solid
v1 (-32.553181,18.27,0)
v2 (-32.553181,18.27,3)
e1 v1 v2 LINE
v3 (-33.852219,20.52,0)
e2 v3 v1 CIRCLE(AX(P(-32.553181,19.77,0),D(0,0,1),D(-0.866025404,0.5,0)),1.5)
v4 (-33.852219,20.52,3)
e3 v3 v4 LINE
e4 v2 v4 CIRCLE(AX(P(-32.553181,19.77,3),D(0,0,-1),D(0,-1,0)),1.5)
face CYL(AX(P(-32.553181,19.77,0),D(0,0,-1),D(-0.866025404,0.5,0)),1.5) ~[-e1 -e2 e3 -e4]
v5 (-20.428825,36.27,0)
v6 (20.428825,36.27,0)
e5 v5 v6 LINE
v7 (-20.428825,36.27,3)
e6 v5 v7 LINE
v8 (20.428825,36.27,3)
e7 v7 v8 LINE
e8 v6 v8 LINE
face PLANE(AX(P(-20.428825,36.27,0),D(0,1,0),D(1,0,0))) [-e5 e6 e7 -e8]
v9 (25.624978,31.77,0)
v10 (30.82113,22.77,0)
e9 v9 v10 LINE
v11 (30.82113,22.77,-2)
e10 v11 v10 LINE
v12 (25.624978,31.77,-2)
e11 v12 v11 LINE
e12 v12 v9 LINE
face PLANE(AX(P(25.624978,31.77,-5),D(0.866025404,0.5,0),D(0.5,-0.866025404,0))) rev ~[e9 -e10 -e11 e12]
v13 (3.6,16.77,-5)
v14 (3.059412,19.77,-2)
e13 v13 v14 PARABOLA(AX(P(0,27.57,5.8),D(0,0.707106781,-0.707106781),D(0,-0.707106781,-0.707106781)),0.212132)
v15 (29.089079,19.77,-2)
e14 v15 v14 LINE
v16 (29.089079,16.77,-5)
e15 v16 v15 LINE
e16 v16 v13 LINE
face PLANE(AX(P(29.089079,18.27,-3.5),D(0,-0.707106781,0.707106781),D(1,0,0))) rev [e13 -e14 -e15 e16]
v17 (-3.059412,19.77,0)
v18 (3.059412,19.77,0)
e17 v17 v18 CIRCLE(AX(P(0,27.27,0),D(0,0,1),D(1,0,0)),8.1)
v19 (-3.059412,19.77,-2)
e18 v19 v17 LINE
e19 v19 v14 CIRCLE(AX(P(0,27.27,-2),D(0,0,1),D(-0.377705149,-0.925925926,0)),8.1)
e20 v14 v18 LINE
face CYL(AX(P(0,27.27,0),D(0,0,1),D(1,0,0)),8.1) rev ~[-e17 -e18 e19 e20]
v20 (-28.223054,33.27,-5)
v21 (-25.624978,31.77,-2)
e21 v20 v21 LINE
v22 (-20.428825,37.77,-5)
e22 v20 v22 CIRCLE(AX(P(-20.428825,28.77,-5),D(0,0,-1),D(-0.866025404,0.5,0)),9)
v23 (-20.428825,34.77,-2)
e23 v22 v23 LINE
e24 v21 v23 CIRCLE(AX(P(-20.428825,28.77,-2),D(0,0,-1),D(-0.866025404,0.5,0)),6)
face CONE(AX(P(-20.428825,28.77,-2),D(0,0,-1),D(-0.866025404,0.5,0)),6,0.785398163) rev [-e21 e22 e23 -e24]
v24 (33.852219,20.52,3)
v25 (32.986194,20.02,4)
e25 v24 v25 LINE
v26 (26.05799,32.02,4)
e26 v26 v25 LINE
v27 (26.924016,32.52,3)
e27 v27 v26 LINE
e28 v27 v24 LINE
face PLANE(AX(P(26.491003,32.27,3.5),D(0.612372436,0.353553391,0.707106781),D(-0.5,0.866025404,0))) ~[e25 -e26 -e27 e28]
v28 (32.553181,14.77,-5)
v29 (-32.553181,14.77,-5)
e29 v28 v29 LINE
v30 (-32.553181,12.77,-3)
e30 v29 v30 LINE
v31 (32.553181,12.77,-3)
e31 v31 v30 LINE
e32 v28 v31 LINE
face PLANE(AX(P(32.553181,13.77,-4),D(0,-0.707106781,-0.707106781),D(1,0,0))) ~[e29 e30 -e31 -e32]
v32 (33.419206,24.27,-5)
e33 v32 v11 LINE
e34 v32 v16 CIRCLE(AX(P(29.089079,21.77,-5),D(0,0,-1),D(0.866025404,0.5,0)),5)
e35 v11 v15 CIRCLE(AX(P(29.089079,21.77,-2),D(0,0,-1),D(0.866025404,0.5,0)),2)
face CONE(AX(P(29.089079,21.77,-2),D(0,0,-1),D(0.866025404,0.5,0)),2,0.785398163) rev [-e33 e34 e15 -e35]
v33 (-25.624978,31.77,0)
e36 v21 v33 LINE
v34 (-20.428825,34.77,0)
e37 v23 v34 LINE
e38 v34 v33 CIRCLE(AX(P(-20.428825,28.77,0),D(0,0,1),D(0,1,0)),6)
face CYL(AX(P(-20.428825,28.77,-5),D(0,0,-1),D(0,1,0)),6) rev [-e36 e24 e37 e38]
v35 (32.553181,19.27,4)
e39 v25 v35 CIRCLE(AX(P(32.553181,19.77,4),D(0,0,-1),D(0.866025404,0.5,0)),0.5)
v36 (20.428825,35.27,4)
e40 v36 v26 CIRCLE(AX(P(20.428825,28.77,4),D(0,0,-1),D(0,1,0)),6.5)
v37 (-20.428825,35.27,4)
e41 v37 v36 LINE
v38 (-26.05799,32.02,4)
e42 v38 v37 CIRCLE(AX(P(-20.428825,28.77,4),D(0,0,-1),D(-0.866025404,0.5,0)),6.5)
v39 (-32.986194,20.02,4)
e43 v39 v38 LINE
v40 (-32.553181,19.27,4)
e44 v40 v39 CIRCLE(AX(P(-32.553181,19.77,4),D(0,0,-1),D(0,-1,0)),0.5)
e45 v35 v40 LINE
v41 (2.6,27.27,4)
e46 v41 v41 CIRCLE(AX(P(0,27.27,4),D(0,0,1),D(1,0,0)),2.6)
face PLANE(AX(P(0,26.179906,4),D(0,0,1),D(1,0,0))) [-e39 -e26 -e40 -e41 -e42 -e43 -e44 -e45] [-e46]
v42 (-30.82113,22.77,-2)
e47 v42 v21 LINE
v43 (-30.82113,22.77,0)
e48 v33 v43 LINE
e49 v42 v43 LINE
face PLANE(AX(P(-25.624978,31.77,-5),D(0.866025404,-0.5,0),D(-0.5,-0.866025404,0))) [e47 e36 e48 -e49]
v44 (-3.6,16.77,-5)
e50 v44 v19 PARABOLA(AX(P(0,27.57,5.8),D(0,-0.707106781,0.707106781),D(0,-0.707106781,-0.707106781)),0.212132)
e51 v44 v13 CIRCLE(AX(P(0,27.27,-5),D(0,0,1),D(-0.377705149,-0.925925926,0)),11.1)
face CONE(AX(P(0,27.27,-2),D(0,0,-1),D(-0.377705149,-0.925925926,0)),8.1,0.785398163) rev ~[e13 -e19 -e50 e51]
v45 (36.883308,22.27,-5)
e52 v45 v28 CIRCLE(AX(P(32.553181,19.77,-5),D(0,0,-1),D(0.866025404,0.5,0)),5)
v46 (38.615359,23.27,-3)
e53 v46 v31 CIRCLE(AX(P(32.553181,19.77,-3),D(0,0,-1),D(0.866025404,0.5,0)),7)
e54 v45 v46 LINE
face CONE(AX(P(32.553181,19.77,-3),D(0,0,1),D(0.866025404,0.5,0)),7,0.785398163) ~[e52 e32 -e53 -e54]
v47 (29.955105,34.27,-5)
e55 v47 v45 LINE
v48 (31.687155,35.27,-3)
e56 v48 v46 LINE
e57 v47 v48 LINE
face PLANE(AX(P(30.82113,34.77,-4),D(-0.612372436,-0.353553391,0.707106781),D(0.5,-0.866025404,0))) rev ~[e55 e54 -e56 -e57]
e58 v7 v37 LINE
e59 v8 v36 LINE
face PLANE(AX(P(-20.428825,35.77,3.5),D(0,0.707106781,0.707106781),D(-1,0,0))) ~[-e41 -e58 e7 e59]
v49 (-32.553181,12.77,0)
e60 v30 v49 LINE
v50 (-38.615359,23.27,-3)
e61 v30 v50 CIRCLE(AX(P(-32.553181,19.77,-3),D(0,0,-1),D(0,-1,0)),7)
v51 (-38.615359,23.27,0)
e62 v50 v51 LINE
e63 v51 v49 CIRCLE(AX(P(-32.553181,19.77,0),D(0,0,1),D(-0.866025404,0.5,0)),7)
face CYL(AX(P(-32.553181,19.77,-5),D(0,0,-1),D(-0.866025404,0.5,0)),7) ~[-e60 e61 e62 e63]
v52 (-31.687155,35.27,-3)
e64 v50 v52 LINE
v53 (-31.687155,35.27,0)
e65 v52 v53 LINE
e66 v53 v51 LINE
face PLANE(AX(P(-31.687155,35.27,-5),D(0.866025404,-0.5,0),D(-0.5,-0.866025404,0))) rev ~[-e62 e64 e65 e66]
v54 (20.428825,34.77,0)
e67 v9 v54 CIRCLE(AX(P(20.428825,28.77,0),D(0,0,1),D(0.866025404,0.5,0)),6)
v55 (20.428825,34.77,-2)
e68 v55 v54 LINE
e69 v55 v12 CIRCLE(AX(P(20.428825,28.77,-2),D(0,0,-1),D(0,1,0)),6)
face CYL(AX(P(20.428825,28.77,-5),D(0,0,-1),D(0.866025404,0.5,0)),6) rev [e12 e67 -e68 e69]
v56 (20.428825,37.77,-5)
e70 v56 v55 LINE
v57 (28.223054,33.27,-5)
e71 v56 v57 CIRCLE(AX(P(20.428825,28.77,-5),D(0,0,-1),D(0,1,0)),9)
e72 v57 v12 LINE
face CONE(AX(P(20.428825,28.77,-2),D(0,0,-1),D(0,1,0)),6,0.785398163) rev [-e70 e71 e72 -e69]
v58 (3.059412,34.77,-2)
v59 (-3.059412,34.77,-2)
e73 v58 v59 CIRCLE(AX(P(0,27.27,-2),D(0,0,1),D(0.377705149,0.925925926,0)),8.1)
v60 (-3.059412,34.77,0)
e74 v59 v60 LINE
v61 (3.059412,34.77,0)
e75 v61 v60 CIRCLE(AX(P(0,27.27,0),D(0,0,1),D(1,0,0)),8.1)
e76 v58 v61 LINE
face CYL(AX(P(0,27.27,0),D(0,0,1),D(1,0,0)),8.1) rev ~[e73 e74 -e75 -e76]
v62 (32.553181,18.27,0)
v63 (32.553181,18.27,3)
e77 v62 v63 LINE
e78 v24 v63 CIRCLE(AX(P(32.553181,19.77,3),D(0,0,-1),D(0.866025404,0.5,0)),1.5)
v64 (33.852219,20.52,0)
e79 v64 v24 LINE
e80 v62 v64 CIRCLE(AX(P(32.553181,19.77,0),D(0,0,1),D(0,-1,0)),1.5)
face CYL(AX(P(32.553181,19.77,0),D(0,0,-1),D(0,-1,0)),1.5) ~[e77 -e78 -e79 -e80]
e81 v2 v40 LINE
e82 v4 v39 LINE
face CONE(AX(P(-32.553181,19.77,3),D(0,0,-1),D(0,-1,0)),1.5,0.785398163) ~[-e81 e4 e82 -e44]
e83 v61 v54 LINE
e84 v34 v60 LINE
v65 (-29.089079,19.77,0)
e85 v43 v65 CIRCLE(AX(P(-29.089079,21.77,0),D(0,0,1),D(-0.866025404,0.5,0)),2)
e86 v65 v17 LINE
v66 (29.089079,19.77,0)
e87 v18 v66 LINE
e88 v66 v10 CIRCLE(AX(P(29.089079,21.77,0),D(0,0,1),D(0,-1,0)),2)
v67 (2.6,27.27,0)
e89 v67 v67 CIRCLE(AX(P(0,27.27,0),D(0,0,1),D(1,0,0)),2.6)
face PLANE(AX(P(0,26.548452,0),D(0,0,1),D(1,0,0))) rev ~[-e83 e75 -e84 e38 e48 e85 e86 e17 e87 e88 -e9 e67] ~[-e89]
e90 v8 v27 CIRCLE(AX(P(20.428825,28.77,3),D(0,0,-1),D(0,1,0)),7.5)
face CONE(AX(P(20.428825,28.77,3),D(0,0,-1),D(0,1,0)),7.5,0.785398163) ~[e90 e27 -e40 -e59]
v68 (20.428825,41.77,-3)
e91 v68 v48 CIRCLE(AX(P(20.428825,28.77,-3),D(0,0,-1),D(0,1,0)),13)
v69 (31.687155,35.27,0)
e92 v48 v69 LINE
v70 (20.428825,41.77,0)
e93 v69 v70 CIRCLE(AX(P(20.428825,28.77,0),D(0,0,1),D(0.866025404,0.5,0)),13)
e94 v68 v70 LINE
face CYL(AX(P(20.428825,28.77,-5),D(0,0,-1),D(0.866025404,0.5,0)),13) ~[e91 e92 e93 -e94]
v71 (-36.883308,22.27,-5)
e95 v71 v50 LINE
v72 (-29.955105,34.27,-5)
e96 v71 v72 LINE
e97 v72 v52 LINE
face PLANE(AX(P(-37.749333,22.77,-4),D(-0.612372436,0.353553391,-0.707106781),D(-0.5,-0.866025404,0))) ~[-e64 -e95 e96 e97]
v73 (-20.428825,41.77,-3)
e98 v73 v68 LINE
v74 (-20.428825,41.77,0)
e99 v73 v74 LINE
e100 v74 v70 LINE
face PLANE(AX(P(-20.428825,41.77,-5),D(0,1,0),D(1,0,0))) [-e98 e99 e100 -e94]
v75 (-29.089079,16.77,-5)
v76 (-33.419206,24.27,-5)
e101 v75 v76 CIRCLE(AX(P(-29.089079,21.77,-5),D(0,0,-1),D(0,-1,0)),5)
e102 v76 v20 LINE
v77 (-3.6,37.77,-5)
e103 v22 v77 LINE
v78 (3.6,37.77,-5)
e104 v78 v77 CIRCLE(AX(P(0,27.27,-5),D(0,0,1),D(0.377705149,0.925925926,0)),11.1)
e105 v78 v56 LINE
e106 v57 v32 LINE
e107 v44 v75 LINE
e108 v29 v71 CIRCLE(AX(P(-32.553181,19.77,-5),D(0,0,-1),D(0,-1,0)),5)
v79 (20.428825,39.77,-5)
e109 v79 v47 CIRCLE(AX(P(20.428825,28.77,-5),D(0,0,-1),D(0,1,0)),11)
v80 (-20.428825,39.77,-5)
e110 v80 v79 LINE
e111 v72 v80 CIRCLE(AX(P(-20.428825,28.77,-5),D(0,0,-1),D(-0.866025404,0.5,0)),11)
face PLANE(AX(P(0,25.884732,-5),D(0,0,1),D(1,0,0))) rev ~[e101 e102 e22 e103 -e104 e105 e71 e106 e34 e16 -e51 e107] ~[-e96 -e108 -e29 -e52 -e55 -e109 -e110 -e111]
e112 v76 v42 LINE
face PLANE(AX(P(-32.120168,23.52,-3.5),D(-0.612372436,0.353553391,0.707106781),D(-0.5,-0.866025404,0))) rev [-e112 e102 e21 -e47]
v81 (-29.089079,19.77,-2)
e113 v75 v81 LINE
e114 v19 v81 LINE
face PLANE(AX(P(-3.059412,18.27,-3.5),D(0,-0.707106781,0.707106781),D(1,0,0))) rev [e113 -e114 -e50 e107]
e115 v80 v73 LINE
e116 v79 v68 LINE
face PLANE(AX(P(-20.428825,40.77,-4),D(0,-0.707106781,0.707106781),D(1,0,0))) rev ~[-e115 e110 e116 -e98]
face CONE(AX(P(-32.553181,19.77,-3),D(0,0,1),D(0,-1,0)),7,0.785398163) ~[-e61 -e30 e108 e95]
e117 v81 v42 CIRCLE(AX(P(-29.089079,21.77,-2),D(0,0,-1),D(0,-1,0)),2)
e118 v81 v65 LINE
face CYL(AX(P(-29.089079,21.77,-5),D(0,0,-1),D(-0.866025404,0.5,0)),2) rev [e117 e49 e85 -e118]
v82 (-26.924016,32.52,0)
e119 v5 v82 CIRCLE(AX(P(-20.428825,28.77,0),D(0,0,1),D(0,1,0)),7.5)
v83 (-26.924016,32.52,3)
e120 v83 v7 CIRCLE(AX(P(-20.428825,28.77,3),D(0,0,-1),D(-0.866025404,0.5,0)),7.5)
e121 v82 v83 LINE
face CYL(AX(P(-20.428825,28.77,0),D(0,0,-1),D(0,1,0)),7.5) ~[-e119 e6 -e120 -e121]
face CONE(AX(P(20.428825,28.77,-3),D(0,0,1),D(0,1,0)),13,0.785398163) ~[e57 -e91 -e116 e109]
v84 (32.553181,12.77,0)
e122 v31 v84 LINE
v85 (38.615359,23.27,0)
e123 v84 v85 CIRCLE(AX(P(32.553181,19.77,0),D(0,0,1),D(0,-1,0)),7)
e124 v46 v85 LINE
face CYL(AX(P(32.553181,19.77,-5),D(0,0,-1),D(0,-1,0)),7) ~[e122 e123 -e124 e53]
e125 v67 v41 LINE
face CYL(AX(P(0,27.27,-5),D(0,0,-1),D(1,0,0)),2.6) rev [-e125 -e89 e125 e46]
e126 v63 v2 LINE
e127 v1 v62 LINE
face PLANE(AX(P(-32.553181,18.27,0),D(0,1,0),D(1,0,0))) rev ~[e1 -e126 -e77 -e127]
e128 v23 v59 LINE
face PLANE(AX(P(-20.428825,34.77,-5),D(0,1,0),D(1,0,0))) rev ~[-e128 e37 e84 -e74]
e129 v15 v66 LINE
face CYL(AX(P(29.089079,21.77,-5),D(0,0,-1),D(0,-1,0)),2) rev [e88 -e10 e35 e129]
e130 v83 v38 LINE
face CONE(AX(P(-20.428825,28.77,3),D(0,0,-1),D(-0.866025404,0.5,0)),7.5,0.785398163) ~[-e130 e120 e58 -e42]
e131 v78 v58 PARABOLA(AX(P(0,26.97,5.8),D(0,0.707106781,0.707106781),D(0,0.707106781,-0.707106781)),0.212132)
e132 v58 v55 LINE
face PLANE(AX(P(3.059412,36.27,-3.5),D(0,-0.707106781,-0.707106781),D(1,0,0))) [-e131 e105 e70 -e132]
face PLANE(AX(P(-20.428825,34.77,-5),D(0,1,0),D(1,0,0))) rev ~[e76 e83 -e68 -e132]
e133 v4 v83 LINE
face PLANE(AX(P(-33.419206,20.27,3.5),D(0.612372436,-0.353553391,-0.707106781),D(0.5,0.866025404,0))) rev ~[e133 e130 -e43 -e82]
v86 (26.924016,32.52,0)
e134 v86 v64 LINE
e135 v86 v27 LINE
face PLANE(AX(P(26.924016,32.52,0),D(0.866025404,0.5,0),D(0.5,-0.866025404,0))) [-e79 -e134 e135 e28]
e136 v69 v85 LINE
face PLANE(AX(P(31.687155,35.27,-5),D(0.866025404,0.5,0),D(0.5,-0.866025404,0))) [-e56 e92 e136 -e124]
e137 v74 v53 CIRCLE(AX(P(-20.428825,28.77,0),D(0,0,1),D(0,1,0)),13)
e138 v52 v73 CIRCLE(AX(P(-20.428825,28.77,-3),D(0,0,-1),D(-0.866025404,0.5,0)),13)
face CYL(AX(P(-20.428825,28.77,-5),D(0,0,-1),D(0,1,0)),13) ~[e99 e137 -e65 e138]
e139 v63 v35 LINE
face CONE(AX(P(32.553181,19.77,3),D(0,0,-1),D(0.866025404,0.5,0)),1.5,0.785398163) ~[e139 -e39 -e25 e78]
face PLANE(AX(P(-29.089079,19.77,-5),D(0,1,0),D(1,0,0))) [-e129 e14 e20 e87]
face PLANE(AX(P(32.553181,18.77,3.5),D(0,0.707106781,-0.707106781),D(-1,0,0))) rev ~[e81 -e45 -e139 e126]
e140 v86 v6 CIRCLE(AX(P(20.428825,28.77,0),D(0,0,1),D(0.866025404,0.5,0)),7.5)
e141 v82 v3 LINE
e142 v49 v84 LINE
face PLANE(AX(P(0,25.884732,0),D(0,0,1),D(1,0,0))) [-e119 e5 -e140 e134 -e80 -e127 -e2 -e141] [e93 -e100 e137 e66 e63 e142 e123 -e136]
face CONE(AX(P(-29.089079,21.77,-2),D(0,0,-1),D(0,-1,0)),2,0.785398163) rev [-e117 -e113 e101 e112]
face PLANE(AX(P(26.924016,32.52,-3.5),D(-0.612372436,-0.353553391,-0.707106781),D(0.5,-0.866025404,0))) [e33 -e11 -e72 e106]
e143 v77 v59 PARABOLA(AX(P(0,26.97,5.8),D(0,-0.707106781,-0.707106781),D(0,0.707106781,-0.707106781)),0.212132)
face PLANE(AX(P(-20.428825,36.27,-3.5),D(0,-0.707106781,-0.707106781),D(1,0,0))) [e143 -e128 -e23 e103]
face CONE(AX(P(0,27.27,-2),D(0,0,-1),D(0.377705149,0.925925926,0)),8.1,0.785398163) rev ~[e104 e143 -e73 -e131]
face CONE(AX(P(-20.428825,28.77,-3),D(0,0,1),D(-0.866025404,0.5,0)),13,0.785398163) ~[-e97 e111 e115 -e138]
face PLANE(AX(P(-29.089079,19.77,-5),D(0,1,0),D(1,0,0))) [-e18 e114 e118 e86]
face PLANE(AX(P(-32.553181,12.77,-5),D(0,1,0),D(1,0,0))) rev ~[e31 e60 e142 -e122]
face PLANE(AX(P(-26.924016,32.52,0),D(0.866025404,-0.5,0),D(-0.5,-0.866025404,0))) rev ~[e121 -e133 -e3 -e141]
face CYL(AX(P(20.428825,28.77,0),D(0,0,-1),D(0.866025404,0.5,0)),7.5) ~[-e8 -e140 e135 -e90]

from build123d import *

# Parameters (mm, degrees)
SKETCH178_R     = 2.6
PAD045_DEPTH    = 4
SKETCH180_R     = 2.6
PAD046_DEPTH    = 5
SKETCH179_R     = 2.6
POCKET098_DEPTH = 5
SKETCH194_R     = 8.1
POCKET109_DEPTH = 8
CHAMFER075_SIZE = 3
CHAMFER076_SIZE = 2
CHAMFER077_SIZE = 1


with BuildPart() as part:
    # Sketch178 → Pad045 (new body)
    with BuildSketch(Plane.XY):
        with BuildLine():
            Line((-32.5531808711, 18.27), (32.5531808711, 18.27))
            ThreePointArc((32.5531808711, 18.27), (33.8522189768, 19.02), (33.8522189768, 20.52))
            Line((26.9240157465, 32.52), (33.8522189768, 20.52))
            ThreePointArc((26.9240157465, 32.52), (24.1788252181, 35.2651905284), (20.4288252181, 36.27))
            Line((-20.4288252181, 36.27), (20.4288252181, 36.27))
            ThreePointArc((-20.4288252181, 36.27), (-24.1788252181, 35.2651905284), (-26.9240157465, 32.52))
            Line((-26.9240157465, 32.52), (-33.8522189768, 20.52))
            ThreePointArc((-33.8522189768, 20.52), (-33.8522189768, 19.02), (-32.5531808711, 18.27))
        make_face()
        with Locations((0, 27.27)):
            Circle(SKETCH178_R, mode=Mode.SUBTRACT)
    extrude(amount=PAD045_DEPTH)

    # Sketch180 → Pad046 (join)
    with BuildSketch(Plane.XY.offset(-5)):
        with BuildLine():
            Line((-32.5531808711, 12.77), (32.5531808711, 12.77))
            ThreePointArc((32.5531808711, 12.77), (38.6153586976, 16.27), (38.6153586976, 23.27))
            Line((31.6871554673, 35.27), (38.6153586976, 23.27))
            ThreePointArc((31.6871554673, 35.27), (26.9288252181, 40.0283302492), (20.4288252181, 41.77))
            Line((-20.4288252181, 41.77), (20.4288252181, 41.77))
            ThreePointArc((-20.4288252181, 41.77), (-26.9288252181, 40.0283302492), (-31.6871554673, 35.27))
            Line((-31.6871554673, 35.27), (-38.6153586976, 23.27))
            ThreePointArc((-38.6153586976, 23.27), (-38.6153586976, 16.27), (-32.5531808711, 12.77))
        make_face()
        with Locations((0, 27.27)):
            Circle(SKETCH180_R, mode=Mode.SUBTRACT)
    extrude(amount=PAD046_DEPTH)

    # Sketch179 → Pocket098 (cut)
    with BuildSketch(Plane.XY.offset(-5)):
        with BuildLine():
            Line((-29.0890792559, 19.77), (29.0890792559, 19.77))
            ThreePointArc((29.0890792559, 19.77), (30.8211300635, 20.77), (30.8211300635, 22.77))
            Line((25.6249776408, 31.77), (30.8211300635, 22.77))
            ThreePointArc((25.6249776408, 31.77), (23.4288252181, 33.9661524227), (20.4288252181, 34.77))
            Line((-20.4288252181, 34.77), (20.4288252181, 34.77))
            ThreePointArc((-20.4288252181, 34.77), (-23.4288252181, 33.9661524227), (-25.6249776408, 31.77))
            Line((-25.6249776408, 31.77), (-30.8211300635, 22.77))
            ThreePointArc((-30.8211300635, 22.77), (-30.8211300635, 20.77), (-29.0890792559, 19.77))
        make_face()
        with Locations((0, 27.27)):
            Circle(SKETCH179_R, mode=Mode.SUBTRACT)
    extrude(amount=POCKET098_DEPTH, mode=Mode.SUBTRACT)

    # Sketch194 → Pocket109 (cut)
    with BuildSketch(Plane.XY):
        with Locations((0, 27.27)):
            Circle(SKETCH194_R)
    extrude(amount=-POCKET109_DEPTH, mode=Mode.SUBTRACT)

    # Chamfer075
    chamfer075_edges = [part.edges().sort_by_distance(p)[0] for p in [
        (0, 35.37, -5),
        (-11.744118, 34.77, -5),
        (11.744118, 34.77, -5),
        (-23.428825, 33.966152, -5),
        (-28.223054, 27.27, -5),
        (-30.82113, 20.77, -5),
        (-16.074245, 19.77, -5),
        (0, 19.17, -5),
        (16.074245, 19.77, -5),
        (30.82113, 20.77, -5),
        (28.223054, 27.27, -5),
        (23.428825, 33.966152, -5),
    ]]
    chamfer(chamfer075_edges, length=CHAMFER075_SIZE)

    # Chamfer076
    chamfer076_edges = [part.edges().sort_by_distance(p)[0] for p in [
        (0, 41.77, -5),
    ]]
    chamfer(chamfer076_edges, length=CHAMFER076_SIZE)

    # Chamfer077
    chamfer077_edges = [part.edges().sort_by_distance(p)[0] for p in [
        (0, 36.27, 4),
    ]]
    chamfer(chamfer077_edges, length=CHAMFER077_SIZE)


solid = part.part
